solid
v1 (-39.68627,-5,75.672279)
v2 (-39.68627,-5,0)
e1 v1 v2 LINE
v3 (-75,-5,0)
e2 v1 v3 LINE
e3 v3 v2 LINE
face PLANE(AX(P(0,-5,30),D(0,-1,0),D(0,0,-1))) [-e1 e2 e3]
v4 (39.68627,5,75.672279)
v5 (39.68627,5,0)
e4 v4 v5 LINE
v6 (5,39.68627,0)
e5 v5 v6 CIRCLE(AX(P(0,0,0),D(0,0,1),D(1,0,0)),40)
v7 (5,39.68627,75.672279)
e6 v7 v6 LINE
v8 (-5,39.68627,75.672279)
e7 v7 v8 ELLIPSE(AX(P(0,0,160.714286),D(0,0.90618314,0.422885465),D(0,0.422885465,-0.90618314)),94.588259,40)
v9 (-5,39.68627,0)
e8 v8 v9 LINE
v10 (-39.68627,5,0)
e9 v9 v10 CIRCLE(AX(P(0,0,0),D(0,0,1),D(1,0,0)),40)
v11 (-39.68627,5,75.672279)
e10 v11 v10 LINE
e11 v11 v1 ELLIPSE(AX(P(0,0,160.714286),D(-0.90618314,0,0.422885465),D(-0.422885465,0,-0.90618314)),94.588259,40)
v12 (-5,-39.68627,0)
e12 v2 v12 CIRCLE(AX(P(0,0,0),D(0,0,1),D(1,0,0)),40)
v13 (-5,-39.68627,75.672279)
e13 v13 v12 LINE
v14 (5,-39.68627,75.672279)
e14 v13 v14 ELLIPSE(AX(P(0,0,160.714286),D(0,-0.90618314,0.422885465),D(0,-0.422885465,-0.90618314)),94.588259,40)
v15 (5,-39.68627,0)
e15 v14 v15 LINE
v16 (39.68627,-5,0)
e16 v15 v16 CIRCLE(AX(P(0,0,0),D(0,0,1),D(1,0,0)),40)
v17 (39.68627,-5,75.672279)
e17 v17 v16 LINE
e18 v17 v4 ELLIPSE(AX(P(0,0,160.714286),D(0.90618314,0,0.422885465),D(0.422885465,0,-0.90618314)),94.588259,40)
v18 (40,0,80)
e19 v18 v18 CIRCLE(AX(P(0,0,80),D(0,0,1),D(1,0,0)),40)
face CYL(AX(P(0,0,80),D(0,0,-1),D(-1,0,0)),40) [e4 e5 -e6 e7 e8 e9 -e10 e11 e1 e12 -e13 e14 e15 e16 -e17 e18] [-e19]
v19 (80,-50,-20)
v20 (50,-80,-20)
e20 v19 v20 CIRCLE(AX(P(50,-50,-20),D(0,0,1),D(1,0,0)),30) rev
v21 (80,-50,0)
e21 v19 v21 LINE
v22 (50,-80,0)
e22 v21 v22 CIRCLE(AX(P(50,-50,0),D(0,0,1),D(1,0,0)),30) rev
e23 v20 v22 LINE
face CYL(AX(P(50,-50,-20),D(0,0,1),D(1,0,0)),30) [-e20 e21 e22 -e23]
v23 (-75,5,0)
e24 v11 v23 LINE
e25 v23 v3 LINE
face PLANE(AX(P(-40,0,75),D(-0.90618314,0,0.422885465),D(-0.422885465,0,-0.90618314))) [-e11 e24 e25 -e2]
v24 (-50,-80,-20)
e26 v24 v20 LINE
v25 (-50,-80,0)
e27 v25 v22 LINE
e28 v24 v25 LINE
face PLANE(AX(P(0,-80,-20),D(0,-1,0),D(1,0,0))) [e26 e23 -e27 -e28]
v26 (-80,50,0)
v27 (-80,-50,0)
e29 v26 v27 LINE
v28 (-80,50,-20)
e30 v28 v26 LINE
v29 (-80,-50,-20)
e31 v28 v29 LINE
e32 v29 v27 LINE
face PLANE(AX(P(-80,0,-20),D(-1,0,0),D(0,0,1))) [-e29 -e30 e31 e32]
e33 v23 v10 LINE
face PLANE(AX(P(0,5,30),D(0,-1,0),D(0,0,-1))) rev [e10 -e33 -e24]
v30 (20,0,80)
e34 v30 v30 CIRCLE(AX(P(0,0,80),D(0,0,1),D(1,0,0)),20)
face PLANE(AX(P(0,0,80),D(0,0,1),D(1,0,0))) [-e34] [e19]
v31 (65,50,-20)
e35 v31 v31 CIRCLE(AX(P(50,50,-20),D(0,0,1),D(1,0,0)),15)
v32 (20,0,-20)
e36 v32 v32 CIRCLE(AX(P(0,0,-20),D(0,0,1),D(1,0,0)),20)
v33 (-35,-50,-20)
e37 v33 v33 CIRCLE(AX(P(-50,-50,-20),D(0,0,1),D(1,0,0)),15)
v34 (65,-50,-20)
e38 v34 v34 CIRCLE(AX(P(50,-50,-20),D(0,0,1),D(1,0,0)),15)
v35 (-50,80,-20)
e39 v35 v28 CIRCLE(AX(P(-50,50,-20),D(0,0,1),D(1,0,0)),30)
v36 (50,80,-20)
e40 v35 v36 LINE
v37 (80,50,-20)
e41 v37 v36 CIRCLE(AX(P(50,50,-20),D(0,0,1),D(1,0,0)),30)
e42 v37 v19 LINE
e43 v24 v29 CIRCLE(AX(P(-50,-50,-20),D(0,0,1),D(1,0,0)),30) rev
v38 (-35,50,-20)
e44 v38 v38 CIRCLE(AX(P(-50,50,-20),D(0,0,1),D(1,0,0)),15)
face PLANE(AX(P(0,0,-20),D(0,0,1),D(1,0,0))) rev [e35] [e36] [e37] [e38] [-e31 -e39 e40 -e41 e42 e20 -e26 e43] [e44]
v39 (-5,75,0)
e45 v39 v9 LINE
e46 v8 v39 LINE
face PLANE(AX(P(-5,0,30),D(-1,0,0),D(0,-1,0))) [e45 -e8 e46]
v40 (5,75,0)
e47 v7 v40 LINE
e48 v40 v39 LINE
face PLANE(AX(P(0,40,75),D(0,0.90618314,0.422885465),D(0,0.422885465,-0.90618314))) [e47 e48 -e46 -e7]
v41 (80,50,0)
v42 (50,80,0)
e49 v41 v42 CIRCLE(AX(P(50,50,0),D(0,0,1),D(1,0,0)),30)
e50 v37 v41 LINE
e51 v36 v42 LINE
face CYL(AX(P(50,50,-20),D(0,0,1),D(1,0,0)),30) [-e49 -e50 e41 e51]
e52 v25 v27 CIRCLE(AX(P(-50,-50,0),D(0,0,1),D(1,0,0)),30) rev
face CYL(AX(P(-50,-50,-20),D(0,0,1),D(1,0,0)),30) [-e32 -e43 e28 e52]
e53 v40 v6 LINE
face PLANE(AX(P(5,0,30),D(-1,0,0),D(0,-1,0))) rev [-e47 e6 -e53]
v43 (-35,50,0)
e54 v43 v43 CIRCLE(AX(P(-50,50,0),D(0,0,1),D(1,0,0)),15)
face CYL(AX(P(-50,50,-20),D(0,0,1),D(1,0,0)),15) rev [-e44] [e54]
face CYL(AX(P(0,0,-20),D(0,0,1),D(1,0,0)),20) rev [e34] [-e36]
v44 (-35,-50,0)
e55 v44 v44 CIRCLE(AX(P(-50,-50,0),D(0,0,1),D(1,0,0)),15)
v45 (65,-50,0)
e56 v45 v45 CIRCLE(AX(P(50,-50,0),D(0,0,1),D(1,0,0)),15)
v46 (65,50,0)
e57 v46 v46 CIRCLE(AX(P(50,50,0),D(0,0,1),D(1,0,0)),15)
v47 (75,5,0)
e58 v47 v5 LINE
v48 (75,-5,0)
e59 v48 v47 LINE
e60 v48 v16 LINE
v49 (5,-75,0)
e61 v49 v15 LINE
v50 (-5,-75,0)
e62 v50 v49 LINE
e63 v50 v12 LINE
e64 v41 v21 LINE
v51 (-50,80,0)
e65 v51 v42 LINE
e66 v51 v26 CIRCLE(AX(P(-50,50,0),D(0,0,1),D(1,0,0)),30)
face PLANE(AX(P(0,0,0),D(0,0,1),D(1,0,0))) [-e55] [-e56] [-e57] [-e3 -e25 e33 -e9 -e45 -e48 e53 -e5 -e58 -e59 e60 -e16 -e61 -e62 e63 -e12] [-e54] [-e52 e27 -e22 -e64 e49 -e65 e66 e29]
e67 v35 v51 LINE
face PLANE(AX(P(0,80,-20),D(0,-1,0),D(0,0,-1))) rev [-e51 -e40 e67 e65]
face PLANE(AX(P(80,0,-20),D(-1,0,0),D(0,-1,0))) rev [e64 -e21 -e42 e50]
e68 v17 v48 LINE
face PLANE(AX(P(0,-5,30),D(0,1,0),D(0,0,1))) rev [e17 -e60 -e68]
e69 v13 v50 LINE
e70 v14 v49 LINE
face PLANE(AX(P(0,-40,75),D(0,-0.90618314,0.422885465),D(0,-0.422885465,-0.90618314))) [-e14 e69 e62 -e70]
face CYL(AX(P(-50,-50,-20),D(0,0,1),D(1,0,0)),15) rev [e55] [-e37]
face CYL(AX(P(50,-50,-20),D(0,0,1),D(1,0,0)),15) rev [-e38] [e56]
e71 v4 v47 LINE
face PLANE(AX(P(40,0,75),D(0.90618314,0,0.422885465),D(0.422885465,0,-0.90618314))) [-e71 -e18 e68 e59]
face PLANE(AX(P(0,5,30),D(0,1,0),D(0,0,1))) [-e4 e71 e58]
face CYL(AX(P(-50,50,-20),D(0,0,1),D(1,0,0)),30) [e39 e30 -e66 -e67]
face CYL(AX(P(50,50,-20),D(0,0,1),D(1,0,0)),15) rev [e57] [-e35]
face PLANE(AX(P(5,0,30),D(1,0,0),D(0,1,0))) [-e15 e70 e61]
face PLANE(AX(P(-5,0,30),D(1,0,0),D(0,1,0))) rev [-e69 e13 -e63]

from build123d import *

# Parameters (mm, degrees)
SKETCH1_R           = 15
SKETCH1_R_2         = 20
BOSS_EXTRUDE1_DEPTH = 20
BOSS_EXTRUDE2_START = 80
SKETCH1_4_R         = 40
SKETCH1_4_R_2       = 20
BOSS_EXTRUDE2_DEPTH = 80
RIB14_REACH         = 140.564
SKETCH2_WALL_W      = 361.892855998
SKETCH2_WALL_H      = 10
CIRPATTERN1_COUNT   = 4


with BuildPart() as part:
    # Sketch1 → Boss-Extrude1 (new body)
    with BuildSketch(Plane.XY):
        with BuildLine():
            Line((50, 80), (-50, 80))
            ThreePointArc((-50, 80), (-71.213203436, 71.213203436), (-80, 50))
            Line((-80, 50), (-80, -50))
            ThreePointArc((-80, -50), (-71.213203436, -71.213203436), (-50, -80))
            Line((-50, -80), (50, -80))
            ThreePointArc((50, -80), (71.213203436, -71.213203436), (80, -50))
            Line((80, -50), (80, 50))
            ThreePointArc((80, 50), (71.213203436, 71.213203436), (50, 80))
        make_face()
        with Locations((-50, -50)):
            Circle(SKETCH1_R, mode=Mode.SUBTRACT)
        with Locations((50, -50)):
            Circle(SKETCH1_R, mode=Mode.SUBTRACT)
        with Locations((-50, 50)):
            Circle(SKETCH1_R, mode=Mode.SUBTRACT)
        with Locations((50, 50)):
            Circle(SKETCH1_R, mode=Mode.SUBTRACT)
        Circle(SKETCH1_R_2, mode=Mode.SUBTRACT)
    extrude(amount=-BOSS_EXTRUDE1_DEPTH)

    # Sketch1<4> → Boss-Extrude2 (add)
    with BuildSketch(Plane.XY.offset(BOSS_EXTRUDE2_START)):
        Circle(SKETCH1_4_R)
        Circle(SKETCH1_4_R_2, mode=Mode.SUBTRACT)
    extrude(amount=-BOSS_EXTRUDE2_DEPTH)

    # Sketch2 wall → Rib14 (add, up to next)
    with BuildSketch(Plane(origin=(57.5, 0, 37.5), x_dir=(0.422885465331, 0, -0.906183139995), z_dir=(-0.906183139995, 0, -0.422885465331)), mode=Mode.PRIVATE) as rib14_sk1:
        Rectangle(SKETCH2_WALL_W, SKETCH2_WALL_H)
    rib14_tool1 = extrude(rib14_sk1.sketch, amount=RIB14_REACH, mode=Mode.PRIVATE) - part.part
    rib14 = rib14_tool1.solids().sort_by_distance((57.5, 0, 37.5))[0]
    add(rib14)

    # CirPattern1: Rib14 ×4 about axis
    cirpattern1_axis = Axis((0, 0, 80), (0, 0, 1))
    for i in range(1, CIRPATTERN1_COUNT):
        add(rib14.rotate(cirpattern1_axis, i * 360 / CIRPATTERN1_COUNT))


solid = part.part
